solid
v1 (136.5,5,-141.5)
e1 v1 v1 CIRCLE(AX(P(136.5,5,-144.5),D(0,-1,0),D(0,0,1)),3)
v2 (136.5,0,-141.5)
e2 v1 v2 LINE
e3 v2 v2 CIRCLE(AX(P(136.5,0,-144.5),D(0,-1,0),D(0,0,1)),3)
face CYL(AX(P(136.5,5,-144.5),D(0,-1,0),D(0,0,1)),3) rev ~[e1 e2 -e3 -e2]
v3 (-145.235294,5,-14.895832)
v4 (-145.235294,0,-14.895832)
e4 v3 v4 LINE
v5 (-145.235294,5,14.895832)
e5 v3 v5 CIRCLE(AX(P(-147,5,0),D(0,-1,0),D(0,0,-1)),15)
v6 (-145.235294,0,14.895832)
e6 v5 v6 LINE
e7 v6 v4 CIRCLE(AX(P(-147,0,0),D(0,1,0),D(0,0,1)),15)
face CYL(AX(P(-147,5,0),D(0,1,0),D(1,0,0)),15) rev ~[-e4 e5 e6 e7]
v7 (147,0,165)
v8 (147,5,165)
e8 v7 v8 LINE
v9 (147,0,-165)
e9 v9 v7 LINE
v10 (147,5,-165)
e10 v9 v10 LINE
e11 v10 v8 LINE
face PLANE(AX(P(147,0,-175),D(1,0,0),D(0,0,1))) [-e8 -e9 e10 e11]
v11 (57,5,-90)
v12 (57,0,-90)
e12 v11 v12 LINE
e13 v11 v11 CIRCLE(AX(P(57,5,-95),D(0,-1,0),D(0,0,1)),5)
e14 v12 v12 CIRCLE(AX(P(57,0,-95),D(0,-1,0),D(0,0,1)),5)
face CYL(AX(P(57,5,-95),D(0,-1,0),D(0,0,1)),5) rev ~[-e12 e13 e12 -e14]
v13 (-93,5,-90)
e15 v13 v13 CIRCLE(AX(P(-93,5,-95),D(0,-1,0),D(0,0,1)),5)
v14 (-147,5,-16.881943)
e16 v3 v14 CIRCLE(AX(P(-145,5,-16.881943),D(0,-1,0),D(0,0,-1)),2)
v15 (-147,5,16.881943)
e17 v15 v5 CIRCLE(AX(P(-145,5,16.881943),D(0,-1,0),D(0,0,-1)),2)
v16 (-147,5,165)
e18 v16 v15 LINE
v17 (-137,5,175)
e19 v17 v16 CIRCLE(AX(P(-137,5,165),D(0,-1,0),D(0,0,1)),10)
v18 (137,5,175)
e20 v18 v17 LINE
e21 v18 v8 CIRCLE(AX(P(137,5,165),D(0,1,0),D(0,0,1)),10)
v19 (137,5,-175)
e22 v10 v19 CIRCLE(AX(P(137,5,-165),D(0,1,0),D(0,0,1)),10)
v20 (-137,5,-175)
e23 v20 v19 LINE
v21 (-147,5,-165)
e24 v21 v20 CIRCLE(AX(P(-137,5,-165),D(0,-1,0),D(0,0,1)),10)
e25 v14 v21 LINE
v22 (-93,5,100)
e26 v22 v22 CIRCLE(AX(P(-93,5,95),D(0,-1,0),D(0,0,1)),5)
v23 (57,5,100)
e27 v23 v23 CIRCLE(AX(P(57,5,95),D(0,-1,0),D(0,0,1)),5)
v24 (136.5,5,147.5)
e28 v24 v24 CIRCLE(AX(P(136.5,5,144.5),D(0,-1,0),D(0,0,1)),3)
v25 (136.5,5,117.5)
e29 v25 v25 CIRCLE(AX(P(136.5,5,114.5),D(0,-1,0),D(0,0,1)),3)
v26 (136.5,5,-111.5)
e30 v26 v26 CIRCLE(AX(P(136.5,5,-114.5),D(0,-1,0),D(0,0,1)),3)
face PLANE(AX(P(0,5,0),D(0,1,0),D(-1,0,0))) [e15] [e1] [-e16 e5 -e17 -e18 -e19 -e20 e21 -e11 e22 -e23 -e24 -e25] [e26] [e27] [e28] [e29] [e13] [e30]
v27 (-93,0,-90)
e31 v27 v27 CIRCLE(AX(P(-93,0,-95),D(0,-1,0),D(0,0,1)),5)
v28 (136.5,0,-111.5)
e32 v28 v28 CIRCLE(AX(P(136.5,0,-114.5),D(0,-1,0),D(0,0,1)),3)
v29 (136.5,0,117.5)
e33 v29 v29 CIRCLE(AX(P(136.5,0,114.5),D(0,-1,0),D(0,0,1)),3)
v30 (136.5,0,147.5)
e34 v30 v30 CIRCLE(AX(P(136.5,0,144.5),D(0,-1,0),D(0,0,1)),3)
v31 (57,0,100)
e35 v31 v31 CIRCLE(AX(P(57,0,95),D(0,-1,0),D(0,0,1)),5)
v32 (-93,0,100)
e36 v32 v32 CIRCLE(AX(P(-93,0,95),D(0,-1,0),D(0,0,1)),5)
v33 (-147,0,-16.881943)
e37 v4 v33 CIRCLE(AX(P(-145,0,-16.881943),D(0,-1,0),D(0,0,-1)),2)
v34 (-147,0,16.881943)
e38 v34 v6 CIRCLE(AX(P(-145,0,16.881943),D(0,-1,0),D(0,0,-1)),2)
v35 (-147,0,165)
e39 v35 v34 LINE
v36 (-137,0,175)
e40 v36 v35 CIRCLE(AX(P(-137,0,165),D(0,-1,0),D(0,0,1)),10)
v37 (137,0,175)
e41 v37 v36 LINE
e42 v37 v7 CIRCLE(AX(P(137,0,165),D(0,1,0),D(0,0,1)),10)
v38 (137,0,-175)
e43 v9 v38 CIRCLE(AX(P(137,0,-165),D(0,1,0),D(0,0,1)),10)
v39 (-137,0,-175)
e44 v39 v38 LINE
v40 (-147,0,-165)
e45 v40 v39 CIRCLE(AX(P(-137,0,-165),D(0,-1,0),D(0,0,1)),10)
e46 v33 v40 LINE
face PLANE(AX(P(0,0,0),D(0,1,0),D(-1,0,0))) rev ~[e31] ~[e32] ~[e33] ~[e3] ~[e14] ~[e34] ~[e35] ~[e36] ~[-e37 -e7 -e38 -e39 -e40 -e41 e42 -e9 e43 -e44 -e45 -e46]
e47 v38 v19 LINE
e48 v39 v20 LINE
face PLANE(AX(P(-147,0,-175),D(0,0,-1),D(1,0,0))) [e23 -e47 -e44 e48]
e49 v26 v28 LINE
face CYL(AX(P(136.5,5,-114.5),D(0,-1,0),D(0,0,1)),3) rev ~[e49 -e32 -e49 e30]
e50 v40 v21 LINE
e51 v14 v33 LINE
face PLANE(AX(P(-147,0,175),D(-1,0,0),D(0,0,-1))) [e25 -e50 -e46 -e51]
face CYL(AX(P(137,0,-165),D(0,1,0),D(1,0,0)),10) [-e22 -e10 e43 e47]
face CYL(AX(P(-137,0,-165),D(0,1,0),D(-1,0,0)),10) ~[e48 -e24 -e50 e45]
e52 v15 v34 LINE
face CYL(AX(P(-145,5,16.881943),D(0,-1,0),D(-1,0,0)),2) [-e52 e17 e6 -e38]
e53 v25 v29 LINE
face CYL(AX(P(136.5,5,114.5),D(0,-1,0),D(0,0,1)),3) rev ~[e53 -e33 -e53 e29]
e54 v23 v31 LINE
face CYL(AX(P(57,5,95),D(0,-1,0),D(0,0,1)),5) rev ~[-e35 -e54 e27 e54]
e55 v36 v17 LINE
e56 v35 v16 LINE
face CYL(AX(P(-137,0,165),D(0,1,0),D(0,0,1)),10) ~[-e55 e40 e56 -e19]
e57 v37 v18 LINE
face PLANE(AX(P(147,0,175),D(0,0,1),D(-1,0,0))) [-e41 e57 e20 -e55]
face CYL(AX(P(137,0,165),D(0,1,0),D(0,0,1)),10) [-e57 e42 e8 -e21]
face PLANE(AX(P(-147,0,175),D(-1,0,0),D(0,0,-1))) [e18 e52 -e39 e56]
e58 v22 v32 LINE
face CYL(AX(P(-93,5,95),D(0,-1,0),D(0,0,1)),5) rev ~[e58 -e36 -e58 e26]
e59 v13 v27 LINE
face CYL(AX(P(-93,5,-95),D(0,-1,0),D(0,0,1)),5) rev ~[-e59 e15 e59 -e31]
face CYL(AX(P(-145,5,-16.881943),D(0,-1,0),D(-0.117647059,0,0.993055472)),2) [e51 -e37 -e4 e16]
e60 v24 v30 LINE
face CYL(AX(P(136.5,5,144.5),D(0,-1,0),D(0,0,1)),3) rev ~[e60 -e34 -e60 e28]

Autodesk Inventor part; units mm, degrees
ref_plane "YZ Plane" through (0, 0, 0) normal (1, 0, 0) x (0, 1, 0)
ref_plane "XZ Plane" through (0, 0, 0) normal (0, 1, 0) x (-1, 0, 0)
ref_plane "XY Plane" through (0, 0, 0) normal (0, 0, 1) x (1, 0, 0)
sketch "草圖1" plane through (0, 0, 0) normal (0, 1, 0) x (-1, 0, 0)
  line L0 (-147, 175) -> (147, 175)
  line L1 (147, 175) -> (147, -175)
  line L2 (147, -175) -> (-147, -175)
  line L3 (-147, -175) -> (-147, 175)
  line L4 (-147, 175) -> (147, -175) construction
  line L5 (147, 175) -> (-147, -175) construction
  point P0 (0, 0)
  dimension "d0" = 294
  dimension "d1" = 350
extrude "擠出1" add sketch "草圖1" along normal blind 5
sketch "草圖2" plane through (0, 5, 0) normal (0, 1, 0) x (1, 0, 0)
  line L0 (147, -175) -> (147, 175) projected
  line L1 (136.5, -114.5) -> (136.5, 114.5) construction
  point P0 (0, 0)
  point P1 (136.5, -144.5)
  point P2 (136.5, 144.5)
  point P3 (136.5, 0)
  point P4 (147, 0)
  dimension "d4" = 30
  dimension "d5" = 30
  dimension "d6" = 10.5
  dimension "d7" = 229
hole "孔1" at (136.5, 5, 144.5) at (136.5, 5, 114.5) at (136.5, 5, -114.5) at (136.5, 5, -144.5) direction (0, -1, 0) diameter 6 end through all
fillet "圓角1" radius 10 4 edges at (-147, 2.5, 175) (-147, 2.5, -175) (147, 2.5, 175) (147, 2.5, -175)
sketch "草圖4" plane through (0, 5, 0) normal (0, 1, 0) x (1, 0, 0)
  line L0 (-93, -95) -> (57, -95)
  line L1 (57, -95) -> (57, 95)
  line L2 (57, 95) -> (-93, 95)
  line L3 (-93, 95) -> (-93, -95)
  line L4 (-147, 165) -> (-147, -165) projected
  point P0 (0, 0)
  point P1 (-93, 0)
  dimension "d22" = 54
  dimension "d23" = 190
  dimension "d24" = 150
hole "孔2" at (-93, 5, 95) at (57, 5, 95) at (57, 5, -95) at (-93, 5, -95) direction (0, -1, 0) diameter 10 end through all
sketch "草圖5" plane through (0, 5, 0) normal (0, 1, 0) x (1, 0, 0)
  line L0 (-147, 165) -> (-147, -165) projected
  circle A0 centre (-147, 0) radius 15
  point P0 (0, 0)
  point P1 (-147, 15)
  point P2 (-147, -15)
  dimension "d32" = 30
extrude "擠出3" cut sketch "草圖5" against normal through all contours A0 L0 picked at (-139.9734, -4.2083)
fillet "圓角3" radius 2 2 edges at (-147, 2.5, 15) (-147, 2.5, -15)
sketch "草圖3" plane through (0, 5, 0) normal (0, 1, 0) x (1, 0, 0)
  arc A0 (-137, 175) -> (-100, 165) centre (-90, 165) ccw projected
  line L0 (-100, 165) -> (-100, -165) projected
  arc A1 (-100, -165) -> (-137, -175) centre (-90, -165) ccw projected
  line L1 (-137, -175) -> (147, -175) projected
  line L2 (100, -175) -> (100, 175) projected
  line L3 (147, 175) -> (-137, 175) projected
  circle A2 centre (89.5, 114.5) radius 3 projected
  circle A3 centre (89.5, -144.5) radius 3 projected
  circle A4 centre (89.5, -114.5) radius 3 projected
  circle A5 centre (89.5, 144.5) radius 3 projected
  line L4 (-137, -175) -> (147, -175) projected
  line L5 (147, 175) -> (-137, 175) projected
  line L6 (147, -175) -> (75, -175)
  line L7 (75, -175) -> (75, 175)
  line L8 (75, 175) -> (100, 175)
  line L9 (100, 175) -> (100, -175)
  line L10 (147, -175) -> (147, 175) projected
  line L11 (75, -154) -> (100, -154)
  line L12 (100, -154) -> (100, -105)
  line L13 (100, -105) -> (75, -105)
  line L14 (75, -105) -> (75, -154)
  line L15 (75, 105) -> (100, 105)
  line L16 (100, 105) -> (100, 154)
  line L17 (100, 154) -> (75, 154)
  line L18 (75, 154) -> (75, 105)
  circle A6 centre (136.5, -144.5) radius 3 construction
  circle A7 centre (136.5, -114.5) radius 3 construction
  line L19 (89.5, -144.5) -> (89.5, -114.5) construction
  circle A8 centre (136.5, 114.5) radius 3 construction
  circle A9 centre (136.5, 144.5) radius 3 construction
  line L20 (89.5, 114.5) -> (89.5, 144.5) construction
  point P0 (0, 0)
  point P1 (100, -129.5)
  point P2 (89.5, -129.5)
  point P3 (100, 129.5)
  point P4 (89.5, 129.5)
  dimension "d16" = 25
  dimension "d17" = 49
  dimension "d18" = 49
equation "\"d5\" = d4"
properties part number "角度桌板"
